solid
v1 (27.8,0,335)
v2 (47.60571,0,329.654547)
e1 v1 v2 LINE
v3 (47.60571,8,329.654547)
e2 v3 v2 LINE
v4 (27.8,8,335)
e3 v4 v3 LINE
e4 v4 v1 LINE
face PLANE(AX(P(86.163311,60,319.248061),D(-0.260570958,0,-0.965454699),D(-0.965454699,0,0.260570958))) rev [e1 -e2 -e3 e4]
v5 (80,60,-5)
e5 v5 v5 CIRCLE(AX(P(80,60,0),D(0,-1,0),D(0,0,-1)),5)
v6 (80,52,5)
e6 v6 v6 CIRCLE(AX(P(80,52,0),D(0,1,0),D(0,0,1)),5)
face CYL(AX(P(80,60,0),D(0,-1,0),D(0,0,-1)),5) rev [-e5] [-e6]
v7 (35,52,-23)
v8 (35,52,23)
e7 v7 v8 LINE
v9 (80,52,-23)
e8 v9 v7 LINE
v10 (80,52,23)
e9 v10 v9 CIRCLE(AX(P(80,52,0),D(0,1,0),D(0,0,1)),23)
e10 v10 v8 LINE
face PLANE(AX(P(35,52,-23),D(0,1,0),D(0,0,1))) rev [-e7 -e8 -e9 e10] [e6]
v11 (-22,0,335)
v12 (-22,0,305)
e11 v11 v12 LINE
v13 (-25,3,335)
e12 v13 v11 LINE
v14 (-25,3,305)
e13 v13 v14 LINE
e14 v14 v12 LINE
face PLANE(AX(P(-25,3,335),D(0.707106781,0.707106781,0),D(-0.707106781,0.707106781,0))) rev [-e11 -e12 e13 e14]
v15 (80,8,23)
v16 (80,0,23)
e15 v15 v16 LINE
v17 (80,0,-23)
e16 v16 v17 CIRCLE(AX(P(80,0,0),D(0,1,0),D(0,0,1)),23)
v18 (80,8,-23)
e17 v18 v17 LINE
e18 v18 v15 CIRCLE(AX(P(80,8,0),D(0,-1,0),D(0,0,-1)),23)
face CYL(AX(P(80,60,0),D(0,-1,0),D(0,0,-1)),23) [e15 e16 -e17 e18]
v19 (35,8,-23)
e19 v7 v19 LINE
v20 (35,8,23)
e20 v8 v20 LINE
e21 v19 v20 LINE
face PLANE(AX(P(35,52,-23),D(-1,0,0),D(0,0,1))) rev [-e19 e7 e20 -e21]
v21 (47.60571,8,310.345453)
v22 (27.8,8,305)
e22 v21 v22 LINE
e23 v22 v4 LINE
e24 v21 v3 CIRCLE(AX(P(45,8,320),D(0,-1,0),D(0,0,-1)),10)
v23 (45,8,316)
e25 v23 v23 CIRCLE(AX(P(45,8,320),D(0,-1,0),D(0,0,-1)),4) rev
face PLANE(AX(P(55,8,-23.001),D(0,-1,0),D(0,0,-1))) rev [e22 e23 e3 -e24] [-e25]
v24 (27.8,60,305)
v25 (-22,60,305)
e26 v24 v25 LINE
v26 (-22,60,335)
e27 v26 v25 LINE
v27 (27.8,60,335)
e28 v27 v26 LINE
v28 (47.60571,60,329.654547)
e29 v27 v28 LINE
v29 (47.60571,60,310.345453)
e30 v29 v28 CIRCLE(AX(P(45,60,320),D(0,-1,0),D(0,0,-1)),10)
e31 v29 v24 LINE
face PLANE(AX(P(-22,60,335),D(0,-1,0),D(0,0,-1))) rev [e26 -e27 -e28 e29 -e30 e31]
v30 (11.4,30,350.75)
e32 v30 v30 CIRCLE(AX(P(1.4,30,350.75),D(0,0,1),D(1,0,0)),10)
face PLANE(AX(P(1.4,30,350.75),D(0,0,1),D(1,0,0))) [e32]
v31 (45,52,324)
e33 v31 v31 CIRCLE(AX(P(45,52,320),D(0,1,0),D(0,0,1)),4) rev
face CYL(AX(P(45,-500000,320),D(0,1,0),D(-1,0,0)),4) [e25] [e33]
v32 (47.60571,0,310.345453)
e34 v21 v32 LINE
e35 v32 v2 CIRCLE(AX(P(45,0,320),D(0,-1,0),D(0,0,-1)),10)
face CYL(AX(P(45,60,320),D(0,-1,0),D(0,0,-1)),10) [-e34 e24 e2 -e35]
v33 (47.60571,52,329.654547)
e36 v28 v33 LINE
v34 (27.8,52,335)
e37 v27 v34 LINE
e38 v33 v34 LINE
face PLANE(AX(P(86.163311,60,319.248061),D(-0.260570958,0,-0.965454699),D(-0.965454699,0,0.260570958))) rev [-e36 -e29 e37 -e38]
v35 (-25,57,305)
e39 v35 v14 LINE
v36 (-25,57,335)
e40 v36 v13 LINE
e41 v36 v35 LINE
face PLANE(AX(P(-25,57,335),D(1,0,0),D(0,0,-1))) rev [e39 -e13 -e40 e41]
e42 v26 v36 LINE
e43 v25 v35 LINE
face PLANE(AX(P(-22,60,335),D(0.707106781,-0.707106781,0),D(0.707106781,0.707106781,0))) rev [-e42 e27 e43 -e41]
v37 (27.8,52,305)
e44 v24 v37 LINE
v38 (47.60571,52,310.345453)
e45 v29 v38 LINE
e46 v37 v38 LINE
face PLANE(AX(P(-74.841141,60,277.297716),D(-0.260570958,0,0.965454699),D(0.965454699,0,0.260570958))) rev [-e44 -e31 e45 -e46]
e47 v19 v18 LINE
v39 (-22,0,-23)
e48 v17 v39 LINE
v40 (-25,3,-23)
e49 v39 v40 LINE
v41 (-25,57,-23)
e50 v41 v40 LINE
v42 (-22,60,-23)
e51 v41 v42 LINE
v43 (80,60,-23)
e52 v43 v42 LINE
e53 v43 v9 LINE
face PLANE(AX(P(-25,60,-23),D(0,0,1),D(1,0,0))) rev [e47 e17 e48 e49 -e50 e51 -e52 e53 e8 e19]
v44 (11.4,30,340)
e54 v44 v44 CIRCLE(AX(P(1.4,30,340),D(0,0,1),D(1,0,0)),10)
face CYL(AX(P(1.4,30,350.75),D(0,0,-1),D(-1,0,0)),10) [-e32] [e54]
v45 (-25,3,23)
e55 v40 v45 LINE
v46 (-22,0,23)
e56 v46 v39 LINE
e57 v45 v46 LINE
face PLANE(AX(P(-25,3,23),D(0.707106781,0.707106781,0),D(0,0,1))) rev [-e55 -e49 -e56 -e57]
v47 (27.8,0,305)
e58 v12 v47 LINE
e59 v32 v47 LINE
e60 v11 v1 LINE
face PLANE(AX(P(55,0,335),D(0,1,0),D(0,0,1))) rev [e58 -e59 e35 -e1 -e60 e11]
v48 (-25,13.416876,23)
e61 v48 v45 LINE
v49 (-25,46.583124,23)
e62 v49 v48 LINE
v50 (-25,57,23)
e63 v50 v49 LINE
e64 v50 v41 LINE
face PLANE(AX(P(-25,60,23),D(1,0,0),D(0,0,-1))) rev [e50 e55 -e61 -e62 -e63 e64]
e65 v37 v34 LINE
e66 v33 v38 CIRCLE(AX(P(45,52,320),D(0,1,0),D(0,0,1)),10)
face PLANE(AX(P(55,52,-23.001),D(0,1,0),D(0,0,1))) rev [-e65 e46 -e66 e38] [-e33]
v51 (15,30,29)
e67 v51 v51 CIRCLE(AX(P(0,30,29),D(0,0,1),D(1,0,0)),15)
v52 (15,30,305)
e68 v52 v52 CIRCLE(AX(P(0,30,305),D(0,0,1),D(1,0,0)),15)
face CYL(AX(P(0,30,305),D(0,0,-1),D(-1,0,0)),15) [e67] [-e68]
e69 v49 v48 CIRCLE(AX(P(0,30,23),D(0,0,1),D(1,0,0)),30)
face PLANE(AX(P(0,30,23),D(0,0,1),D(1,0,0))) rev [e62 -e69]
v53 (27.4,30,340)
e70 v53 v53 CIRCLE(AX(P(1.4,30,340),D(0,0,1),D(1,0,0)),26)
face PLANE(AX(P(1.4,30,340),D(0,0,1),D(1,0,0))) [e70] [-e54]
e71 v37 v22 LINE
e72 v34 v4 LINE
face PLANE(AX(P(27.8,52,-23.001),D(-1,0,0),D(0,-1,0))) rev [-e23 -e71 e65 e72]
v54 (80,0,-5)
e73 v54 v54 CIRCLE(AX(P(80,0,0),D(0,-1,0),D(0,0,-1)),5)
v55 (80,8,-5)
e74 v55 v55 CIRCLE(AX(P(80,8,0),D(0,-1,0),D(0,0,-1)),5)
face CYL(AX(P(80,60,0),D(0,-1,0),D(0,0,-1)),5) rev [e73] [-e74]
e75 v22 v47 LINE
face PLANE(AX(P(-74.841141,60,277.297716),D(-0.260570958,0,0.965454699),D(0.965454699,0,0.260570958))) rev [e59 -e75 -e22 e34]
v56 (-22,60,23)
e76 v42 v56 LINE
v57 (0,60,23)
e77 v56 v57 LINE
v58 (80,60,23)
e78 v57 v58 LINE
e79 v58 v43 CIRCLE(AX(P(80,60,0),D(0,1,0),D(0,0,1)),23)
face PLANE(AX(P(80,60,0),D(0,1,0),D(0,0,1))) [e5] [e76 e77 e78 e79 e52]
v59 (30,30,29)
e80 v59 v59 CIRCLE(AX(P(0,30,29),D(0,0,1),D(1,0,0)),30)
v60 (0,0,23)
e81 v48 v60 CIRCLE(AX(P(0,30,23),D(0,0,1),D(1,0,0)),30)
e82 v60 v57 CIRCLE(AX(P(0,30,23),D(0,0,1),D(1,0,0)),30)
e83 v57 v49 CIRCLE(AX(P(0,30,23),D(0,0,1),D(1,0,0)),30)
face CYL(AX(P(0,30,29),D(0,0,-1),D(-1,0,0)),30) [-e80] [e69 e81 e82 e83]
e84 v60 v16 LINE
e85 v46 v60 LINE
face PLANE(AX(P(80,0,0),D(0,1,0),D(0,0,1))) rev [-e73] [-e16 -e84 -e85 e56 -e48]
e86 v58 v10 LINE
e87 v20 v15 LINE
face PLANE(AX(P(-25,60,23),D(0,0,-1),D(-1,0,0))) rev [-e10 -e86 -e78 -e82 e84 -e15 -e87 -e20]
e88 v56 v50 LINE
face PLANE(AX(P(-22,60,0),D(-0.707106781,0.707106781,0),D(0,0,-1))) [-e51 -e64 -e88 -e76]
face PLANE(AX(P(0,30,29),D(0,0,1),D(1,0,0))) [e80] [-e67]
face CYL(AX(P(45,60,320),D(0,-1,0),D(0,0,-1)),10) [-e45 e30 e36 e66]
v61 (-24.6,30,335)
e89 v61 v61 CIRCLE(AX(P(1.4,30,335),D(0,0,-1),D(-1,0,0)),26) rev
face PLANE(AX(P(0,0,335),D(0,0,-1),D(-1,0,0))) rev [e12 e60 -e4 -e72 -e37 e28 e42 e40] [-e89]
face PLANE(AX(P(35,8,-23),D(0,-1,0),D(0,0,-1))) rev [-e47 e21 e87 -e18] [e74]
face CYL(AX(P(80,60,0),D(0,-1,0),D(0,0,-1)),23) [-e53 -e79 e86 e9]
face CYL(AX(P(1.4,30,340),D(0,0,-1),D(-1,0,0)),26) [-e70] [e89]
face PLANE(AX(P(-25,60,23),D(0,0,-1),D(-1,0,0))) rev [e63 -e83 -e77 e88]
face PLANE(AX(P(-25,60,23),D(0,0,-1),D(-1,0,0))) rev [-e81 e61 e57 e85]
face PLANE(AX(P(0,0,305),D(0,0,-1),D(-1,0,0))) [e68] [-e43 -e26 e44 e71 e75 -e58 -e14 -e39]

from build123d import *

# Parameters (mm, degrees)
SALIENTE_EXTRUIR1_DEPTH = 60
CROQUIS5_W              = 68
CROQUIS5_H              = 44
CORTAR_EXTRUIR1_DEPTH   = 128.769323392
CHAFL_N1_SIZE           = 3
CROQUIS6_R              = 30
SALIENTE_EXTRUIR4_DEPTH = 6
CROQUIS7_R              = 15
SALIENTE_EXTRUIR5_DEPTH = 276
SALIENTE_EXTRUIR6_DEPTH = 30
CORTAR_EXTRUIR2_REACH   = 379.323
CROQUIS9_W              = 27.2
CROQUIS9_H              = 44
CORTAR_EXTRUIR3_DEPTH   = 60
SALIENTE_EXTRUIR7_REACH = 356.313
CROQUIS11_R             = 4
CROQUIS13_R             = 26
SALIENTE_EXTRUIR8_DEPTH = 5
CROQUIS14_R             = 10
SALIENTE_EXTRUIR9_DEPTH = 10.75
CROQUIS15_R             = 5
CORTAR_EXTRUIR4_DEPTH   = 371.451835601


with BuildPart() as part:
    # Croquis2 → Saliente-Extruir1 (new body)
    with BuildSketch(Plane(origin=(0, 0, 0), x_dir=(1, 0, 0), z_dir=(0, 1, 0))):
        with BuildLine():
            Line((-25, -23), (-25, 23))
            Line((-25, 23), (80, 23))
            ThreePointArc((80, 23), (103, 0), (80, -23))
            Line((80, -23), (-25, -23))
        make_face()
    extrude(amount=SALIENTE_EXTRUIR1_DEPTH)

    # Croquis5 → Cortar-Extruir1 (cut, through all)
    with BuildSketch(Plane.XY.offset(23)):
        with Locations((69, 30)):
            Rectangle(CROQUIS5_W, CROQUIS5_H)
    extrude(amount=-CORTAR_EXTRUIR1_DEPTH, mode=Mode.SUBTRACT)

    # Chaflán1
    chafl_n1_edges = [part.edges().sort_by_distance(p)[0] for p in [
        (-25, 60, 0),
        (-25, 0, 0),
    ]]
    chamfer(chafl_n1_edges, length=CHAFL_N1_SIZE)

    # Croquis6 → Saliente-Extruir4 (add)
    with BuildSketch(Plane.XY.offset(23)):
        with Locations(Location((0, 30, 0), (0, 0, 146.442690238))):
            Circle(CROQUIS6_R)
    extrude(amount=SALIENTE_EXTRUIR4_DEPTH)

    # Croquis7 → Saliente-Extruir5 (add)
    with BuildSketch(Plane.XY.offset(29)):
        with Locations((0, 30)):
            Circle(CROQUIS7_R)
    extrude(amount=SALIENTE_EXTRUIR5_DEPTH)

    # Croquis8 → Saliente-Extruir6 (add)
    with BuildSketch(Plane.XY.offset(305)):
        Polygon((-22, 60), (55, 60), (55, 0), (-22, 0), (-25, 3), (-25, 57), align=None)
    extrude(amount=SALIENTE_EXTRUIR6_DEPTH)

    # Croquis9 → Cortar-Extruir2 (cut, up to next)
    with BuildSketch(Plane.XY.offset(335), mode=Mode.PRIVATE) as cortar_extruir2_sk1:
        with Locations((41.4, 30)):
            Rectangle(CROQUIS9_W, CROQUIS9_H)
    cortar_extruir2_tool1 = extrude(cortar_extruir2_sk1.sketch, amount=-CORTAR_EXTRUIR2_REACH, mode=Mode.PRIVATE) & part.part
    add(cortar_extruir2_tool1.solids().sort_by_distance((41.4, 30, 335))[0], mode=Mode.SUBTRACT)

    # Croquis10 → Cortar-Extruir3 (cut)
    with BuildSketch(Plane.XZ):
        with BuildLine():
            Line((55, 335), (27.8, 335))
            Line((27.8, 335), (47.605709584, 329.654546989))
            ThreePointArc((47.605709584, 329.654546989), (52.939052079, 326.080415453), (55, 320))
            Line((55, 320), (55, 335))
        make_face()
        with BuildLine():
            Line((55, 305), (55, 320))
            ThreePointArc((55, 320), (52.939052079, 313.919584547), (47.605709584, 310.345453011))
            Line((47.605709584, 310.345453011), (27.8, 305))
            Line((27.8, 305), (55, 305))
        make_face()
    extrude(amount=-CORTAR_EXTRUIR3_DEPTH, mode=Mode.SUBTRACT)

    # Croquis11 → Saliente-Extruir7 (add, up to next)
    with BuildSketch(Plane.XZ.offset(-52), mode=Mode.PRIVATE) as saliente_extruir7_sk1:
        with Locations(Location((45, 320, 0), (0, 0, 90))):
            Circle(CROQUIS11_R)
    saliente_extruir7_tool1 = extrude(saliente_extruir7_sk1.sketch, amount=SALIENTE_EXTRUIR7_REACH, mode=Mode.PRIVATE) - part.part
    add(saliente_extruir7_tool1.solids().sort_by_distance((45, 52, 320))[0])

    # Croquis13 → Saliente-Extruir8 (add)
    with BuildSketch(Plane.XY.offset(335)):
        with Locations(Location((1.4, 30, 0), (0, 0, 180))):
            Circle(CROQUIS13_R)
    extrude(amount=SALIENTE_EXTRUIR8_DEPTH)

    # Croquis14 → Saliente-Extruir9 (add)
    with BuildSketch(Plane.XY.offset(340)):
        with Locations((1.4, 30)):
            Circle(CROQUIS14_R)
    extrude(amount=SALIENTE_EXTRUIR9_DEPTH)

    # Croquis15 → Cortar-Extruir4 (cut, through all)
    with BuildSketch(Plane.XZ):
        with Locations(Location((80, 0, 0), (0, 0, 270))):
            Circle(CROQUIS15_R)
    extrude(amount=-CORTAR_EXTRUIR4_DEPTH, mode=Mode.SUBTRACT)


solid = part.part
